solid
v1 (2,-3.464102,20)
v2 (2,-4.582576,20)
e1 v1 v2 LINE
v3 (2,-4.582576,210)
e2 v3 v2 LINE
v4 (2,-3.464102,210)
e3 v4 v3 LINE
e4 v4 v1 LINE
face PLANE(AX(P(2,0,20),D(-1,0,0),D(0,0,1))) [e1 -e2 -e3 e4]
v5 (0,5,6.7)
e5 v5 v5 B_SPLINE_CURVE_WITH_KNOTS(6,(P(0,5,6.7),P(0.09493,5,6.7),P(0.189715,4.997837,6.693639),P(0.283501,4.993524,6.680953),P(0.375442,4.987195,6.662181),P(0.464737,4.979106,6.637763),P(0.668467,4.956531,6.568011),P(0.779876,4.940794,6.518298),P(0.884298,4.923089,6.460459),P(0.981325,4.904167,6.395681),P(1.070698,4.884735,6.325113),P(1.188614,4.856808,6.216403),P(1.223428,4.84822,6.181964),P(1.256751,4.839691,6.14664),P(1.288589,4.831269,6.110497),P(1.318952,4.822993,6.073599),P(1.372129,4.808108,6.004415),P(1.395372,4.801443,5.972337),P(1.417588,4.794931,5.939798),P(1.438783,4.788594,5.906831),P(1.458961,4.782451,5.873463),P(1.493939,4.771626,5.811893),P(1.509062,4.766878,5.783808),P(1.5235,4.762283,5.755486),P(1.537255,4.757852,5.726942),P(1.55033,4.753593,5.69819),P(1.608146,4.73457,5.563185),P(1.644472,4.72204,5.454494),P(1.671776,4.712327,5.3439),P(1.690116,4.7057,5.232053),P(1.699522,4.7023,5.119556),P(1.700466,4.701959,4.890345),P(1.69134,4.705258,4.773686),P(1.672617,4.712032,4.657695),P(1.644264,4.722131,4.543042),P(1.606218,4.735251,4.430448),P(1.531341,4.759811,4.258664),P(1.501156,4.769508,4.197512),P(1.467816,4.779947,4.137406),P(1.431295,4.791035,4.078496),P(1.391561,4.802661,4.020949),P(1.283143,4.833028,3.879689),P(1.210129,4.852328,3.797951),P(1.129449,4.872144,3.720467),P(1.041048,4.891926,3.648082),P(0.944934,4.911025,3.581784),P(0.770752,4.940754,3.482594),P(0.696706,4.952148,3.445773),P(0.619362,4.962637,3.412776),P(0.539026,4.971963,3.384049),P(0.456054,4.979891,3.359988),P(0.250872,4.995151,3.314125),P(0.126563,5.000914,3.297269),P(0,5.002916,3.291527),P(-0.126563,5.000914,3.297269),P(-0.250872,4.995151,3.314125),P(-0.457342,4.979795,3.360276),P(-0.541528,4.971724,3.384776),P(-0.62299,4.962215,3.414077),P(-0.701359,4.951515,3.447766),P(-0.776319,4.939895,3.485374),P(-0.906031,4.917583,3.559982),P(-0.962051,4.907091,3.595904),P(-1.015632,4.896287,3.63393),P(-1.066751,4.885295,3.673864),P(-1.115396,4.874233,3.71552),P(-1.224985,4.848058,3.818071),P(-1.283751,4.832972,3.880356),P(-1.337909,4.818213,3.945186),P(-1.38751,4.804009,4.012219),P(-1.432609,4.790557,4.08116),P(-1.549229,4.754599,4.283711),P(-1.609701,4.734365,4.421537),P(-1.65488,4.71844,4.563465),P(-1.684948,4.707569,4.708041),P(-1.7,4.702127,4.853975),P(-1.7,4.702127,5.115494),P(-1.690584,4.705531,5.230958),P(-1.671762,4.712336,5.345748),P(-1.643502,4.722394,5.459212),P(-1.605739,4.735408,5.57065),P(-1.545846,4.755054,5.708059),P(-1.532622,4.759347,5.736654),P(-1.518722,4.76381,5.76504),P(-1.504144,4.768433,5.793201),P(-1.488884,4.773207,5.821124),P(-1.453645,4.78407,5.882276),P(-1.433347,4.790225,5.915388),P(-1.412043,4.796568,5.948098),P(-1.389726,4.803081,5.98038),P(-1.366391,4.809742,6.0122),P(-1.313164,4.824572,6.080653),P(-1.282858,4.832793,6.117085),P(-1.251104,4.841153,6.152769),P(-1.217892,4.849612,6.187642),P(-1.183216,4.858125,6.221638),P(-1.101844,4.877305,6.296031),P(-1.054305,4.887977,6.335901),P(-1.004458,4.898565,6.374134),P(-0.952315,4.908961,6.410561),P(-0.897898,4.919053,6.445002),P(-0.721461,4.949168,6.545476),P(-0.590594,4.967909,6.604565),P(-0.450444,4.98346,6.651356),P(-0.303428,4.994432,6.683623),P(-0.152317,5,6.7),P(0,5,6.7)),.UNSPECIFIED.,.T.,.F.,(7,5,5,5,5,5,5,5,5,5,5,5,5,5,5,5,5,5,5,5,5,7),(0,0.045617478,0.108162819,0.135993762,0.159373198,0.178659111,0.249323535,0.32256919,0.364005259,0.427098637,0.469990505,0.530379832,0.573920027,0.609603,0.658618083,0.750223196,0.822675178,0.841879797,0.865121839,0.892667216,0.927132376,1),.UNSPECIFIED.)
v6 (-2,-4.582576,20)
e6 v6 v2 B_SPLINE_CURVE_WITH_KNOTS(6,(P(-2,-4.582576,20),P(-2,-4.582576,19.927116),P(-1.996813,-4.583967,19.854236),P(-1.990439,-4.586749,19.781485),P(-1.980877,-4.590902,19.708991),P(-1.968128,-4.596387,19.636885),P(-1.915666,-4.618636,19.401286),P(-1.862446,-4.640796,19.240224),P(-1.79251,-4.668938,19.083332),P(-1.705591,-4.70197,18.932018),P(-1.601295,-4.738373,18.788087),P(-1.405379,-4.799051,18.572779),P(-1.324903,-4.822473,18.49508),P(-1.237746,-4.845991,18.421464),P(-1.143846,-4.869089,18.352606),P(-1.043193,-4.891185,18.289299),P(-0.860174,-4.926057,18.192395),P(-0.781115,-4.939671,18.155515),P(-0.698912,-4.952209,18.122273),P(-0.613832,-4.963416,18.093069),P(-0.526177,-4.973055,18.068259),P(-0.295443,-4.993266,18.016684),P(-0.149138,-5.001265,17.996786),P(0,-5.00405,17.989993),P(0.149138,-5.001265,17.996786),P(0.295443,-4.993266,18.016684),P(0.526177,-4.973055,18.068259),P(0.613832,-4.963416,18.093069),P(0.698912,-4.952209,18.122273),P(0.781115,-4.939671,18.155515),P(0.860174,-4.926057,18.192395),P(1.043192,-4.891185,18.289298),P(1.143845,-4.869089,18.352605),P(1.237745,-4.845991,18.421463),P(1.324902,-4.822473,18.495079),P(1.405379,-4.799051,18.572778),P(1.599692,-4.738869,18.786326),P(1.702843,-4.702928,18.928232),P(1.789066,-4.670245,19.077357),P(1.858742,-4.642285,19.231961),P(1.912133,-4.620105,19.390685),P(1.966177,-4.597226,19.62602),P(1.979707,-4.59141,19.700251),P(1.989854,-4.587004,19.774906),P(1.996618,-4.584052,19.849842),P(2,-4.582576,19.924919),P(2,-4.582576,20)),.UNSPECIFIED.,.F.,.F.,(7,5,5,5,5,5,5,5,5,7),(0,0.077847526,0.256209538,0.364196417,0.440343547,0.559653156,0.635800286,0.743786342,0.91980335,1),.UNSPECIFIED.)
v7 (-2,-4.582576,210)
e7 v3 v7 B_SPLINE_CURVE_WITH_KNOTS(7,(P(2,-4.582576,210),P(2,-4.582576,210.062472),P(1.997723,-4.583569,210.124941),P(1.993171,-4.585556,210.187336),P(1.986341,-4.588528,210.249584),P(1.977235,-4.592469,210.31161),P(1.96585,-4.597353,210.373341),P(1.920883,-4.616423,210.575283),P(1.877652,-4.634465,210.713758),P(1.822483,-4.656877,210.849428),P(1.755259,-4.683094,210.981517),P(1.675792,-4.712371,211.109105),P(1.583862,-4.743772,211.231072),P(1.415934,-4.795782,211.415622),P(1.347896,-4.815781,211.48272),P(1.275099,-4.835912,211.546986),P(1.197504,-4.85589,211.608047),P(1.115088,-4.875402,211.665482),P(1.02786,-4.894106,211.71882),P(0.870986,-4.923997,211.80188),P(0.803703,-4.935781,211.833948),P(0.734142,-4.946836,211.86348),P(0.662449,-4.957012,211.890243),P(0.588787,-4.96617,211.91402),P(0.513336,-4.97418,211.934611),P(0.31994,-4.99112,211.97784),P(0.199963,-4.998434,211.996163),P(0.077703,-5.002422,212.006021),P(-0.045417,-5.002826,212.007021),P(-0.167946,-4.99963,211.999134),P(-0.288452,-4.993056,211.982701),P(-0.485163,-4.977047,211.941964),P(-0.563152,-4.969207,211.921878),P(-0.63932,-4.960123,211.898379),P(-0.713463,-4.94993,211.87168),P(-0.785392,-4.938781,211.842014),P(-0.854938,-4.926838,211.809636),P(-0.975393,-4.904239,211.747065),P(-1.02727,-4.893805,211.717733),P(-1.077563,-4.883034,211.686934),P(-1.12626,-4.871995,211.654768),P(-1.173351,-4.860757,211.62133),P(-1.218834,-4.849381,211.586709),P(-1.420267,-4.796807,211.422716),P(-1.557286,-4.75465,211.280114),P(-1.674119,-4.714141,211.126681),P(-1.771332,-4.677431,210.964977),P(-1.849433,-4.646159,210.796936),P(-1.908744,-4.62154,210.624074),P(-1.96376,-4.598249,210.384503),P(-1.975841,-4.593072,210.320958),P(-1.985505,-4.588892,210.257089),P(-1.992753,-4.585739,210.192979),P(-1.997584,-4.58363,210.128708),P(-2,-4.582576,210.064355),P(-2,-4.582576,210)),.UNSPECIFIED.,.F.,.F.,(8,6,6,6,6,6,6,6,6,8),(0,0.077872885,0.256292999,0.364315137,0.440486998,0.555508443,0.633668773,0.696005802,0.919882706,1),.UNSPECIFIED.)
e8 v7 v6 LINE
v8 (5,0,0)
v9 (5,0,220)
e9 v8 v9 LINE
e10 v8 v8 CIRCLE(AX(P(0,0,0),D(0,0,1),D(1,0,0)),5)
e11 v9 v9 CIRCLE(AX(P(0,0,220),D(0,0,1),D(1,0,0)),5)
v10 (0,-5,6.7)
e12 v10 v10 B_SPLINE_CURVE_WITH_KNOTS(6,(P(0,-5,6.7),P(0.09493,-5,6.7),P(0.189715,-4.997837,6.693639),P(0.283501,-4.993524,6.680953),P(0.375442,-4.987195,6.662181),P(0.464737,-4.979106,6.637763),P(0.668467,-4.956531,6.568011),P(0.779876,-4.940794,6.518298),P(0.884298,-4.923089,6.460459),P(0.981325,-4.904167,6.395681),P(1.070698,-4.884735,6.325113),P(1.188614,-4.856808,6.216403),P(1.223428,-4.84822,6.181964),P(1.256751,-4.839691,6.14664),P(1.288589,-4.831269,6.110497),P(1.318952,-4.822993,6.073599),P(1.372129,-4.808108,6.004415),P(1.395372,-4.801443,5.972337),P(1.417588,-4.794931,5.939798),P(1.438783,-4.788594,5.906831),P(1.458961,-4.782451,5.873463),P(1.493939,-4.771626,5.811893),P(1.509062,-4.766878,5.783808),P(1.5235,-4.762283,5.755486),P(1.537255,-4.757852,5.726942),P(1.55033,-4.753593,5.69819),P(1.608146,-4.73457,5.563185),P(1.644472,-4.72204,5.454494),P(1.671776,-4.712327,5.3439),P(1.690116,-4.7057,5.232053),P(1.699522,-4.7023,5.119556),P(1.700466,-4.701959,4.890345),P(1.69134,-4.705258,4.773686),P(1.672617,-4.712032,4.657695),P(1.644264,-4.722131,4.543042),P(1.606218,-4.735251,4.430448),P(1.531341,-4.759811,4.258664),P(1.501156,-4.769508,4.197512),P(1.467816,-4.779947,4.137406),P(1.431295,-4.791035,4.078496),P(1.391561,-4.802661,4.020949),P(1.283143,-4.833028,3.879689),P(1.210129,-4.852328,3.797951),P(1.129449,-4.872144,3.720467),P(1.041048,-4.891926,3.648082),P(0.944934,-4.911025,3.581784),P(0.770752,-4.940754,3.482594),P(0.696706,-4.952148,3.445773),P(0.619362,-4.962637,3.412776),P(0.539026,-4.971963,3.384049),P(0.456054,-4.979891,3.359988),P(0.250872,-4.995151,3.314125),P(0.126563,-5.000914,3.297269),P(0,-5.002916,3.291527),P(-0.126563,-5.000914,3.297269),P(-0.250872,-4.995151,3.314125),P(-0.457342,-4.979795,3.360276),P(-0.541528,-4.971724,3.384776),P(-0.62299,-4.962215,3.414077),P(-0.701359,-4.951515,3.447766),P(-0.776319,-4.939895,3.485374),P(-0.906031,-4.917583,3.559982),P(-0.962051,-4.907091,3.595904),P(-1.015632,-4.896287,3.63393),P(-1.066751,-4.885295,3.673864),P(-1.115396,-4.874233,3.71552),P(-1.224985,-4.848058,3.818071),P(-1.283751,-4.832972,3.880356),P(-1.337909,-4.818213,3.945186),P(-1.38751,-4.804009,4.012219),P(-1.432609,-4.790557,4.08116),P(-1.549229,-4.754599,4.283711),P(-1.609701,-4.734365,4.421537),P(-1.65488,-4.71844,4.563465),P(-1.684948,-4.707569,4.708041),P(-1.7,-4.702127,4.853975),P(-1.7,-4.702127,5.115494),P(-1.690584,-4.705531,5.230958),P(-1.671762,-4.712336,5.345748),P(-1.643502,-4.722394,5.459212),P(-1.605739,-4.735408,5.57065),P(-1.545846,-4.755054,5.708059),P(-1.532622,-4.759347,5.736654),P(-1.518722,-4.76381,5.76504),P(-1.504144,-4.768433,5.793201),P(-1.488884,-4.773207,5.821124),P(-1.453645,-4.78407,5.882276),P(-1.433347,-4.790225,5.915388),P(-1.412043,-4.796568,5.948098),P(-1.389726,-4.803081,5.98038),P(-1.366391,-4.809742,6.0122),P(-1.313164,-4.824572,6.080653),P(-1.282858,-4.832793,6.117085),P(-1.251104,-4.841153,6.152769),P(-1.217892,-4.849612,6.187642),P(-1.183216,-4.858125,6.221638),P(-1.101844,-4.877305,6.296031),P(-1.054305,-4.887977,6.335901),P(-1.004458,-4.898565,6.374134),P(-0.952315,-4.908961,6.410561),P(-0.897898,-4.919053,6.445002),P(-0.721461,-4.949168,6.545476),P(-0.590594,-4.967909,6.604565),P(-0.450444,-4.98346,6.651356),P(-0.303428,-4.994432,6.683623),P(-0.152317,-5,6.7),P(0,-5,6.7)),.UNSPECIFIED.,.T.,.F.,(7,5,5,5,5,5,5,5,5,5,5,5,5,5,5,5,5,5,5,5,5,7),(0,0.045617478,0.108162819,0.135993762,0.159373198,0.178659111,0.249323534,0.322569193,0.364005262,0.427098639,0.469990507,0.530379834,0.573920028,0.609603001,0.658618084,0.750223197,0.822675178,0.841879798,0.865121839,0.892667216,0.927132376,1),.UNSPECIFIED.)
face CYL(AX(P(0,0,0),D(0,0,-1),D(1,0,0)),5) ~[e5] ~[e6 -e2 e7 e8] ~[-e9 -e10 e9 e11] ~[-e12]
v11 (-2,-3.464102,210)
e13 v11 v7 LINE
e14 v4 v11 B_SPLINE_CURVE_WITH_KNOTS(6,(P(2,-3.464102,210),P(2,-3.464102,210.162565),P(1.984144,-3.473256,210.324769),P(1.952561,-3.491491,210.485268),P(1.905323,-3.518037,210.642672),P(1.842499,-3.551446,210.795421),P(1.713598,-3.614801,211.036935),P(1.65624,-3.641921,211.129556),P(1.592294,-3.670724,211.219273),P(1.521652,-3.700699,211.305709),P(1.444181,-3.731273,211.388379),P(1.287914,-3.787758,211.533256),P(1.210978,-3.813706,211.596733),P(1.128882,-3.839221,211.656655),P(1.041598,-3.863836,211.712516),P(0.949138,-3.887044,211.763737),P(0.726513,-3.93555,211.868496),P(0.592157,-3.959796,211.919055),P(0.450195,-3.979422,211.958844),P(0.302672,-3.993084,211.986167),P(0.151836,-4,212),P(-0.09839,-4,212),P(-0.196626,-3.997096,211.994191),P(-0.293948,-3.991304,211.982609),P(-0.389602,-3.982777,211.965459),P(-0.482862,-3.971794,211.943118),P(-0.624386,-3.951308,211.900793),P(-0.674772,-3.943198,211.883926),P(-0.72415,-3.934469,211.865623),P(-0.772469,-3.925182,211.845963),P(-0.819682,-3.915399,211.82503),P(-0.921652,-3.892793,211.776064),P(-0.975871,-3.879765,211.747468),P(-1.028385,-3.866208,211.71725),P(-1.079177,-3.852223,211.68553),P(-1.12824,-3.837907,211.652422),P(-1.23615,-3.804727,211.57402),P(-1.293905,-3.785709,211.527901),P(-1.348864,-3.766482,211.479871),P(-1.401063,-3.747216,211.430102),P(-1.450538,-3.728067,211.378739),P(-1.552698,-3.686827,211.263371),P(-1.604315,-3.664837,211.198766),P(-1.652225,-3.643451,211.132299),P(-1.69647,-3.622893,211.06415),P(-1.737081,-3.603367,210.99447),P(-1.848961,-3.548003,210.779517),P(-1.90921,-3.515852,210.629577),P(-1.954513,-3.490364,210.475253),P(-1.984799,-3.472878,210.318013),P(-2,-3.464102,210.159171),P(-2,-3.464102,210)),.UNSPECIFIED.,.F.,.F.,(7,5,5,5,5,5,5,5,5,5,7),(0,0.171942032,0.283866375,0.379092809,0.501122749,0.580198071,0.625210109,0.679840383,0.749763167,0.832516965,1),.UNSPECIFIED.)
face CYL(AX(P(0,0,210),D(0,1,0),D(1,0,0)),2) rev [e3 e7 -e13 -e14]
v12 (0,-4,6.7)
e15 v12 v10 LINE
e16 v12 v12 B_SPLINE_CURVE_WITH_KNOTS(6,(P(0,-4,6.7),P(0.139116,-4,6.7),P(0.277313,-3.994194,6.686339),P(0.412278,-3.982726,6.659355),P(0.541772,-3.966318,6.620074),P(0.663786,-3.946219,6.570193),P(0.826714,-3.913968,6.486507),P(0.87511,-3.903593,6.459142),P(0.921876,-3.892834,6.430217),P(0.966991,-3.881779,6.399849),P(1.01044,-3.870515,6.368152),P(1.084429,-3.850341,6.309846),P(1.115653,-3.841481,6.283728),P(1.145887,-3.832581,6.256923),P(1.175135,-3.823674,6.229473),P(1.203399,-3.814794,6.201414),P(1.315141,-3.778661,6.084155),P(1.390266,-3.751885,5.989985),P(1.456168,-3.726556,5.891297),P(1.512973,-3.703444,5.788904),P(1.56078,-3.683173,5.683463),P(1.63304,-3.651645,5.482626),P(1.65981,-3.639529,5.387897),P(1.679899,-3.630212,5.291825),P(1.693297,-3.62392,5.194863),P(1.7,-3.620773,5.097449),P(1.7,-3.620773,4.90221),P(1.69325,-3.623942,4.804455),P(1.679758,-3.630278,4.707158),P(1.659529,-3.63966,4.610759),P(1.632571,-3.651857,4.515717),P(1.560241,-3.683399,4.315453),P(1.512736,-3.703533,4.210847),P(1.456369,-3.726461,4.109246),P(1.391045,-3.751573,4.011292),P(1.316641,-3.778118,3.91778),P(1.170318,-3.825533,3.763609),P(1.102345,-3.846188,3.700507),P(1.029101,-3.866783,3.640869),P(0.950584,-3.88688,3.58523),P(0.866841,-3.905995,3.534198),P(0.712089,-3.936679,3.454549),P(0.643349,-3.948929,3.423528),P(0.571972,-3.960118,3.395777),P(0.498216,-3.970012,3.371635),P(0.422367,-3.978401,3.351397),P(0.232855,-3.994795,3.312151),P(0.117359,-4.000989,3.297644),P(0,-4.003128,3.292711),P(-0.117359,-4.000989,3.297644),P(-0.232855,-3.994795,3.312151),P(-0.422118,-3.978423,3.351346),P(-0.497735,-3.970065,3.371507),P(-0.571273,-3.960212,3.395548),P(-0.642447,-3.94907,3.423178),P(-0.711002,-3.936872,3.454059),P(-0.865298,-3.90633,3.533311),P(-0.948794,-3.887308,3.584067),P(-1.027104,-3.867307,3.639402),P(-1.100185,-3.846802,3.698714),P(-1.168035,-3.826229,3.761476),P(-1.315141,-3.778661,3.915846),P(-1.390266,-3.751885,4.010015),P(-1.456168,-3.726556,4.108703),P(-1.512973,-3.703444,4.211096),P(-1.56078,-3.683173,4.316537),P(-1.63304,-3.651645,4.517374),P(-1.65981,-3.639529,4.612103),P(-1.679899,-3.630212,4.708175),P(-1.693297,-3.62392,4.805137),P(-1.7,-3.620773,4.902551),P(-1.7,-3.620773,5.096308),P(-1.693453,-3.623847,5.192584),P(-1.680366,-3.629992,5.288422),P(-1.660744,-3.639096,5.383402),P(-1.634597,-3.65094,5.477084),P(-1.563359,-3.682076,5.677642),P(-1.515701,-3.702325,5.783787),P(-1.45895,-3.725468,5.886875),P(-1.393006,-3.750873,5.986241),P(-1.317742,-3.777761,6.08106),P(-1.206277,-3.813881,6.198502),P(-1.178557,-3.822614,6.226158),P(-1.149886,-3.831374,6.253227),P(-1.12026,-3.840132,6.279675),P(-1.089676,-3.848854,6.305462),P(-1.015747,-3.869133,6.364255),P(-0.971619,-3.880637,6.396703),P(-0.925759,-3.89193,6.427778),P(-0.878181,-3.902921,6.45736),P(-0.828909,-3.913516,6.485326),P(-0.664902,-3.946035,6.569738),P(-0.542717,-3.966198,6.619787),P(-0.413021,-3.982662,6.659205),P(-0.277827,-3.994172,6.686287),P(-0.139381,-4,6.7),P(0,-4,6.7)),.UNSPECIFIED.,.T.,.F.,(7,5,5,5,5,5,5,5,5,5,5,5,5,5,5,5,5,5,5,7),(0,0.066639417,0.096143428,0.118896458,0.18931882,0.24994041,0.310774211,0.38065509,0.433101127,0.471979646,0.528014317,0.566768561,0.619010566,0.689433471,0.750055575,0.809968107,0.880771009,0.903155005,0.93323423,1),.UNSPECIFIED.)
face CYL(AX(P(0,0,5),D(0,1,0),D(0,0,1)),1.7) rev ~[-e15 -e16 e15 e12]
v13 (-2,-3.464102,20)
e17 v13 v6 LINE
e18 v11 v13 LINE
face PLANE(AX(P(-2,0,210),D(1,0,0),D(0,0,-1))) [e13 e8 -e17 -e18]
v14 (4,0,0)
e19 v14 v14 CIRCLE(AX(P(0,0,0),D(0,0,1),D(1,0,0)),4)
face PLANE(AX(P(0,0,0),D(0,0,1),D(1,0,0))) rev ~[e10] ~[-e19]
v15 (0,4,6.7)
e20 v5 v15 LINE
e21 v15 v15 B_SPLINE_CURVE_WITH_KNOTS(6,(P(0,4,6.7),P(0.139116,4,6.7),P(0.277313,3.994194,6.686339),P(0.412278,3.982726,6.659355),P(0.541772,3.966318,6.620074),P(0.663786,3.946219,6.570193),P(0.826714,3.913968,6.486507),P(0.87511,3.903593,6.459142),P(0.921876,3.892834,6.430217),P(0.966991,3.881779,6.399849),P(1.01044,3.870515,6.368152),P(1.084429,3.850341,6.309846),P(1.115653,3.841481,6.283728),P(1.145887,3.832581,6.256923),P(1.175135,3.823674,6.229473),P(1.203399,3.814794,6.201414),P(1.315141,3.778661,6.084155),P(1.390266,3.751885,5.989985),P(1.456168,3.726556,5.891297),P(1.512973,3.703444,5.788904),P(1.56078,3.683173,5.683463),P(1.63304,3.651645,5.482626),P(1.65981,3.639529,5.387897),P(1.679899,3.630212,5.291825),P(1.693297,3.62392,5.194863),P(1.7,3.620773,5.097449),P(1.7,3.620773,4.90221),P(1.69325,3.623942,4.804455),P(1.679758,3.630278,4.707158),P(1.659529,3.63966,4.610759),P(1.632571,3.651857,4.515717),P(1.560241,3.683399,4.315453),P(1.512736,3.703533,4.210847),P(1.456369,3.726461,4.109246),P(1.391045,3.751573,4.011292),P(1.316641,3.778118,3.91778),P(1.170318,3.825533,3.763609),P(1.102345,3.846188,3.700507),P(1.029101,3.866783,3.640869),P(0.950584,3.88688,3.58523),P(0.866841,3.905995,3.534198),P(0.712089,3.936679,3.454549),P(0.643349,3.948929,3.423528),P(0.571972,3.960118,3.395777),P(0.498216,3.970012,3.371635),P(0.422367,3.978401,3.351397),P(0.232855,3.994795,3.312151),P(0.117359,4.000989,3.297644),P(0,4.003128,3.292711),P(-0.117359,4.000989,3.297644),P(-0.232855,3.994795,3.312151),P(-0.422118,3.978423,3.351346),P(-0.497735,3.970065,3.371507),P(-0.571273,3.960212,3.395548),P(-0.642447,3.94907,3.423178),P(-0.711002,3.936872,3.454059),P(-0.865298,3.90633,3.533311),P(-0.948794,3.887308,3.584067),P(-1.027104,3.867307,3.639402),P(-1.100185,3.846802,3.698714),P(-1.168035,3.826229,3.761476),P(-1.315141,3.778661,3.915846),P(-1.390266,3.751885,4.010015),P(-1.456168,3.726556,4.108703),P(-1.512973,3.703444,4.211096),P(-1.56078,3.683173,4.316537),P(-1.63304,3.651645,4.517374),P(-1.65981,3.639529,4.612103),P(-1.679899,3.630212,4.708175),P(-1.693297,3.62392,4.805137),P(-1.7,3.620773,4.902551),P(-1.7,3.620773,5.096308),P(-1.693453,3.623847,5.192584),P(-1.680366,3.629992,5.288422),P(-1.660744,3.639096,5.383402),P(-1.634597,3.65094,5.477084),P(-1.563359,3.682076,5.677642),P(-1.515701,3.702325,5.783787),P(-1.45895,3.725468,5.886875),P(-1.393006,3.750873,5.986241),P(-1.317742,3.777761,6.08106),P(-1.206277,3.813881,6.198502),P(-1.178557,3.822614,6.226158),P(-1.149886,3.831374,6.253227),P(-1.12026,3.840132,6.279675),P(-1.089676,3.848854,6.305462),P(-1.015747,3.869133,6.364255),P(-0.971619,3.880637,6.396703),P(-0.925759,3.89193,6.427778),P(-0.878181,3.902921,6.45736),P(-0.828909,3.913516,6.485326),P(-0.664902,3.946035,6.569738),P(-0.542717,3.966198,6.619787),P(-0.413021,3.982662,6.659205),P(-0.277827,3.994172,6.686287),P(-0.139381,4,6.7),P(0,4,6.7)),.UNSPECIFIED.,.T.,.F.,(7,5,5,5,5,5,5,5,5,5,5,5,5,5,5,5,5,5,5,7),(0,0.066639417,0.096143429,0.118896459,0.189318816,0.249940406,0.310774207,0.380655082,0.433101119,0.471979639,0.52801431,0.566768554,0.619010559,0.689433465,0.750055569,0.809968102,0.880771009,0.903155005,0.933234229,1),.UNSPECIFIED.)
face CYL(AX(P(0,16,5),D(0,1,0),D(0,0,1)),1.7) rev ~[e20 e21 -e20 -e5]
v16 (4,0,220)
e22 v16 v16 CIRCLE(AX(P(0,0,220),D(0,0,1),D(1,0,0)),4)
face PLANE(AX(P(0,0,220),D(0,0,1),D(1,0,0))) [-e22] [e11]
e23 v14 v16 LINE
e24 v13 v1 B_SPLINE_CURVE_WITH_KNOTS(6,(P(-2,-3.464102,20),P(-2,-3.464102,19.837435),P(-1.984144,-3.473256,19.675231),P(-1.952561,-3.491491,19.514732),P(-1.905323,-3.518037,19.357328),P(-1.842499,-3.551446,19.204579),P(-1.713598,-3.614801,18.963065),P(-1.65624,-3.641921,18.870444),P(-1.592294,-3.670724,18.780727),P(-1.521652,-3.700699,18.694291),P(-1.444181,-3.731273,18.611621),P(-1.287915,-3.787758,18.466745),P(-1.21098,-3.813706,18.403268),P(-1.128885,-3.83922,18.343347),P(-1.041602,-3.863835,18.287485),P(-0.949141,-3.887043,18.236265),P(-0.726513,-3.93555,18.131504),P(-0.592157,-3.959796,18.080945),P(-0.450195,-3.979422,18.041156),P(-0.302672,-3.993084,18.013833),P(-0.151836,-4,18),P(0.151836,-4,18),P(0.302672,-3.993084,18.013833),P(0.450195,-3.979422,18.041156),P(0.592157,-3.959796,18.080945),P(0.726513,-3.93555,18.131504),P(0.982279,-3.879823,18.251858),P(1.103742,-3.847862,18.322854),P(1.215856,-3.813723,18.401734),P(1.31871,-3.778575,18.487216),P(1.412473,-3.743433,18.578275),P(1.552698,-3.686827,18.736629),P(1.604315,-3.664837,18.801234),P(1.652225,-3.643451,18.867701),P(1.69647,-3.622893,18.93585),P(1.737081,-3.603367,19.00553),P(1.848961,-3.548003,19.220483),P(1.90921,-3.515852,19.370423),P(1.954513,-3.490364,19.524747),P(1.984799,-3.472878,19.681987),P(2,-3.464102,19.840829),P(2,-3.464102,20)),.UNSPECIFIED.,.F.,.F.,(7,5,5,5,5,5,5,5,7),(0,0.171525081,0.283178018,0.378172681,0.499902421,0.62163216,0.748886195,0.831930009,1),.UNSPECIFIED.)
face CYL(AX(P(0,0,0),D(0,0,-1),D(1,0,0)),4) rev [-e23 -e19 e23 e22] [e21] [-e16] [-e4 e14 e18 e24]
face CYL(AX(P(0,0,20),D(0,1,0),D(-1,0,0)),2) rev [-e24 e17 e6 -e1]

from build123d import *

# Parameters (mm, degrees)
SKETCH_1_R          = 5
SKETCH_1_R_2        = 4
EXTRUDE_1_DEPTH     = 220
SKETCH_2_R          = 1.7
CUT_EXTRUDE_1_DEPTH = 10
CUT_EXTRUDE_START   = 16
SKETCH_3_R          = 1.7
CUT_EXTRUDE_3_DEPTH = 16


with BuildPart() as part:
    # 草图1 → 拉伸1 (new body)
    with BuildSketch(Plane.XY):
        Circle(SKETCH_1_R)
        Circle(SKETCH_1_R_2, mode=Mode.SUBTRACT)
    extrude(amount=EXTRUDE_1_DEPTH)

    # 草图2 → 切除-拉伸1 (cut)
    with BuildSketch(Plane(origin=(0, 0, 0), x_dir=(1, 0, 0), z_dir=(0, 1, 0))):
        with Locations(Location((0, -5, 0), (0, 0, 270))):
            Circle(SKETCH_2_R)
        with BuildLine():
            Line((-2, -210), (-2, -20))
            ThreePointArc((-2, -20), (0, -18), (2, -20))
            Line((2, -20), (2, -210))
            ThreePointArc((2, -210), (0, -212), (-2, -210))
        make_face()
    extrude(amount=-CUT_EXTRUDE_1_DEPTH, mode=Mode.SUBTRACT)

    # 草图3 → 切除-拉伸3 (cut)
    with BuildSketch(Plane(origin=(0, 0, 0), x_dir=(1, 0, 0), z_dir=(0, 1, 0)).offset(CUT_EXTRUDE_START)):
        with Locations(Location((0, -5, 0), (0, 0, 270))):
            Circle(SKETCH_3_R)
    extrude(amount=-CUT_EXTRUDE_3_DEPTH, mode=Mode.SUBTRACT)


solid = part.part
